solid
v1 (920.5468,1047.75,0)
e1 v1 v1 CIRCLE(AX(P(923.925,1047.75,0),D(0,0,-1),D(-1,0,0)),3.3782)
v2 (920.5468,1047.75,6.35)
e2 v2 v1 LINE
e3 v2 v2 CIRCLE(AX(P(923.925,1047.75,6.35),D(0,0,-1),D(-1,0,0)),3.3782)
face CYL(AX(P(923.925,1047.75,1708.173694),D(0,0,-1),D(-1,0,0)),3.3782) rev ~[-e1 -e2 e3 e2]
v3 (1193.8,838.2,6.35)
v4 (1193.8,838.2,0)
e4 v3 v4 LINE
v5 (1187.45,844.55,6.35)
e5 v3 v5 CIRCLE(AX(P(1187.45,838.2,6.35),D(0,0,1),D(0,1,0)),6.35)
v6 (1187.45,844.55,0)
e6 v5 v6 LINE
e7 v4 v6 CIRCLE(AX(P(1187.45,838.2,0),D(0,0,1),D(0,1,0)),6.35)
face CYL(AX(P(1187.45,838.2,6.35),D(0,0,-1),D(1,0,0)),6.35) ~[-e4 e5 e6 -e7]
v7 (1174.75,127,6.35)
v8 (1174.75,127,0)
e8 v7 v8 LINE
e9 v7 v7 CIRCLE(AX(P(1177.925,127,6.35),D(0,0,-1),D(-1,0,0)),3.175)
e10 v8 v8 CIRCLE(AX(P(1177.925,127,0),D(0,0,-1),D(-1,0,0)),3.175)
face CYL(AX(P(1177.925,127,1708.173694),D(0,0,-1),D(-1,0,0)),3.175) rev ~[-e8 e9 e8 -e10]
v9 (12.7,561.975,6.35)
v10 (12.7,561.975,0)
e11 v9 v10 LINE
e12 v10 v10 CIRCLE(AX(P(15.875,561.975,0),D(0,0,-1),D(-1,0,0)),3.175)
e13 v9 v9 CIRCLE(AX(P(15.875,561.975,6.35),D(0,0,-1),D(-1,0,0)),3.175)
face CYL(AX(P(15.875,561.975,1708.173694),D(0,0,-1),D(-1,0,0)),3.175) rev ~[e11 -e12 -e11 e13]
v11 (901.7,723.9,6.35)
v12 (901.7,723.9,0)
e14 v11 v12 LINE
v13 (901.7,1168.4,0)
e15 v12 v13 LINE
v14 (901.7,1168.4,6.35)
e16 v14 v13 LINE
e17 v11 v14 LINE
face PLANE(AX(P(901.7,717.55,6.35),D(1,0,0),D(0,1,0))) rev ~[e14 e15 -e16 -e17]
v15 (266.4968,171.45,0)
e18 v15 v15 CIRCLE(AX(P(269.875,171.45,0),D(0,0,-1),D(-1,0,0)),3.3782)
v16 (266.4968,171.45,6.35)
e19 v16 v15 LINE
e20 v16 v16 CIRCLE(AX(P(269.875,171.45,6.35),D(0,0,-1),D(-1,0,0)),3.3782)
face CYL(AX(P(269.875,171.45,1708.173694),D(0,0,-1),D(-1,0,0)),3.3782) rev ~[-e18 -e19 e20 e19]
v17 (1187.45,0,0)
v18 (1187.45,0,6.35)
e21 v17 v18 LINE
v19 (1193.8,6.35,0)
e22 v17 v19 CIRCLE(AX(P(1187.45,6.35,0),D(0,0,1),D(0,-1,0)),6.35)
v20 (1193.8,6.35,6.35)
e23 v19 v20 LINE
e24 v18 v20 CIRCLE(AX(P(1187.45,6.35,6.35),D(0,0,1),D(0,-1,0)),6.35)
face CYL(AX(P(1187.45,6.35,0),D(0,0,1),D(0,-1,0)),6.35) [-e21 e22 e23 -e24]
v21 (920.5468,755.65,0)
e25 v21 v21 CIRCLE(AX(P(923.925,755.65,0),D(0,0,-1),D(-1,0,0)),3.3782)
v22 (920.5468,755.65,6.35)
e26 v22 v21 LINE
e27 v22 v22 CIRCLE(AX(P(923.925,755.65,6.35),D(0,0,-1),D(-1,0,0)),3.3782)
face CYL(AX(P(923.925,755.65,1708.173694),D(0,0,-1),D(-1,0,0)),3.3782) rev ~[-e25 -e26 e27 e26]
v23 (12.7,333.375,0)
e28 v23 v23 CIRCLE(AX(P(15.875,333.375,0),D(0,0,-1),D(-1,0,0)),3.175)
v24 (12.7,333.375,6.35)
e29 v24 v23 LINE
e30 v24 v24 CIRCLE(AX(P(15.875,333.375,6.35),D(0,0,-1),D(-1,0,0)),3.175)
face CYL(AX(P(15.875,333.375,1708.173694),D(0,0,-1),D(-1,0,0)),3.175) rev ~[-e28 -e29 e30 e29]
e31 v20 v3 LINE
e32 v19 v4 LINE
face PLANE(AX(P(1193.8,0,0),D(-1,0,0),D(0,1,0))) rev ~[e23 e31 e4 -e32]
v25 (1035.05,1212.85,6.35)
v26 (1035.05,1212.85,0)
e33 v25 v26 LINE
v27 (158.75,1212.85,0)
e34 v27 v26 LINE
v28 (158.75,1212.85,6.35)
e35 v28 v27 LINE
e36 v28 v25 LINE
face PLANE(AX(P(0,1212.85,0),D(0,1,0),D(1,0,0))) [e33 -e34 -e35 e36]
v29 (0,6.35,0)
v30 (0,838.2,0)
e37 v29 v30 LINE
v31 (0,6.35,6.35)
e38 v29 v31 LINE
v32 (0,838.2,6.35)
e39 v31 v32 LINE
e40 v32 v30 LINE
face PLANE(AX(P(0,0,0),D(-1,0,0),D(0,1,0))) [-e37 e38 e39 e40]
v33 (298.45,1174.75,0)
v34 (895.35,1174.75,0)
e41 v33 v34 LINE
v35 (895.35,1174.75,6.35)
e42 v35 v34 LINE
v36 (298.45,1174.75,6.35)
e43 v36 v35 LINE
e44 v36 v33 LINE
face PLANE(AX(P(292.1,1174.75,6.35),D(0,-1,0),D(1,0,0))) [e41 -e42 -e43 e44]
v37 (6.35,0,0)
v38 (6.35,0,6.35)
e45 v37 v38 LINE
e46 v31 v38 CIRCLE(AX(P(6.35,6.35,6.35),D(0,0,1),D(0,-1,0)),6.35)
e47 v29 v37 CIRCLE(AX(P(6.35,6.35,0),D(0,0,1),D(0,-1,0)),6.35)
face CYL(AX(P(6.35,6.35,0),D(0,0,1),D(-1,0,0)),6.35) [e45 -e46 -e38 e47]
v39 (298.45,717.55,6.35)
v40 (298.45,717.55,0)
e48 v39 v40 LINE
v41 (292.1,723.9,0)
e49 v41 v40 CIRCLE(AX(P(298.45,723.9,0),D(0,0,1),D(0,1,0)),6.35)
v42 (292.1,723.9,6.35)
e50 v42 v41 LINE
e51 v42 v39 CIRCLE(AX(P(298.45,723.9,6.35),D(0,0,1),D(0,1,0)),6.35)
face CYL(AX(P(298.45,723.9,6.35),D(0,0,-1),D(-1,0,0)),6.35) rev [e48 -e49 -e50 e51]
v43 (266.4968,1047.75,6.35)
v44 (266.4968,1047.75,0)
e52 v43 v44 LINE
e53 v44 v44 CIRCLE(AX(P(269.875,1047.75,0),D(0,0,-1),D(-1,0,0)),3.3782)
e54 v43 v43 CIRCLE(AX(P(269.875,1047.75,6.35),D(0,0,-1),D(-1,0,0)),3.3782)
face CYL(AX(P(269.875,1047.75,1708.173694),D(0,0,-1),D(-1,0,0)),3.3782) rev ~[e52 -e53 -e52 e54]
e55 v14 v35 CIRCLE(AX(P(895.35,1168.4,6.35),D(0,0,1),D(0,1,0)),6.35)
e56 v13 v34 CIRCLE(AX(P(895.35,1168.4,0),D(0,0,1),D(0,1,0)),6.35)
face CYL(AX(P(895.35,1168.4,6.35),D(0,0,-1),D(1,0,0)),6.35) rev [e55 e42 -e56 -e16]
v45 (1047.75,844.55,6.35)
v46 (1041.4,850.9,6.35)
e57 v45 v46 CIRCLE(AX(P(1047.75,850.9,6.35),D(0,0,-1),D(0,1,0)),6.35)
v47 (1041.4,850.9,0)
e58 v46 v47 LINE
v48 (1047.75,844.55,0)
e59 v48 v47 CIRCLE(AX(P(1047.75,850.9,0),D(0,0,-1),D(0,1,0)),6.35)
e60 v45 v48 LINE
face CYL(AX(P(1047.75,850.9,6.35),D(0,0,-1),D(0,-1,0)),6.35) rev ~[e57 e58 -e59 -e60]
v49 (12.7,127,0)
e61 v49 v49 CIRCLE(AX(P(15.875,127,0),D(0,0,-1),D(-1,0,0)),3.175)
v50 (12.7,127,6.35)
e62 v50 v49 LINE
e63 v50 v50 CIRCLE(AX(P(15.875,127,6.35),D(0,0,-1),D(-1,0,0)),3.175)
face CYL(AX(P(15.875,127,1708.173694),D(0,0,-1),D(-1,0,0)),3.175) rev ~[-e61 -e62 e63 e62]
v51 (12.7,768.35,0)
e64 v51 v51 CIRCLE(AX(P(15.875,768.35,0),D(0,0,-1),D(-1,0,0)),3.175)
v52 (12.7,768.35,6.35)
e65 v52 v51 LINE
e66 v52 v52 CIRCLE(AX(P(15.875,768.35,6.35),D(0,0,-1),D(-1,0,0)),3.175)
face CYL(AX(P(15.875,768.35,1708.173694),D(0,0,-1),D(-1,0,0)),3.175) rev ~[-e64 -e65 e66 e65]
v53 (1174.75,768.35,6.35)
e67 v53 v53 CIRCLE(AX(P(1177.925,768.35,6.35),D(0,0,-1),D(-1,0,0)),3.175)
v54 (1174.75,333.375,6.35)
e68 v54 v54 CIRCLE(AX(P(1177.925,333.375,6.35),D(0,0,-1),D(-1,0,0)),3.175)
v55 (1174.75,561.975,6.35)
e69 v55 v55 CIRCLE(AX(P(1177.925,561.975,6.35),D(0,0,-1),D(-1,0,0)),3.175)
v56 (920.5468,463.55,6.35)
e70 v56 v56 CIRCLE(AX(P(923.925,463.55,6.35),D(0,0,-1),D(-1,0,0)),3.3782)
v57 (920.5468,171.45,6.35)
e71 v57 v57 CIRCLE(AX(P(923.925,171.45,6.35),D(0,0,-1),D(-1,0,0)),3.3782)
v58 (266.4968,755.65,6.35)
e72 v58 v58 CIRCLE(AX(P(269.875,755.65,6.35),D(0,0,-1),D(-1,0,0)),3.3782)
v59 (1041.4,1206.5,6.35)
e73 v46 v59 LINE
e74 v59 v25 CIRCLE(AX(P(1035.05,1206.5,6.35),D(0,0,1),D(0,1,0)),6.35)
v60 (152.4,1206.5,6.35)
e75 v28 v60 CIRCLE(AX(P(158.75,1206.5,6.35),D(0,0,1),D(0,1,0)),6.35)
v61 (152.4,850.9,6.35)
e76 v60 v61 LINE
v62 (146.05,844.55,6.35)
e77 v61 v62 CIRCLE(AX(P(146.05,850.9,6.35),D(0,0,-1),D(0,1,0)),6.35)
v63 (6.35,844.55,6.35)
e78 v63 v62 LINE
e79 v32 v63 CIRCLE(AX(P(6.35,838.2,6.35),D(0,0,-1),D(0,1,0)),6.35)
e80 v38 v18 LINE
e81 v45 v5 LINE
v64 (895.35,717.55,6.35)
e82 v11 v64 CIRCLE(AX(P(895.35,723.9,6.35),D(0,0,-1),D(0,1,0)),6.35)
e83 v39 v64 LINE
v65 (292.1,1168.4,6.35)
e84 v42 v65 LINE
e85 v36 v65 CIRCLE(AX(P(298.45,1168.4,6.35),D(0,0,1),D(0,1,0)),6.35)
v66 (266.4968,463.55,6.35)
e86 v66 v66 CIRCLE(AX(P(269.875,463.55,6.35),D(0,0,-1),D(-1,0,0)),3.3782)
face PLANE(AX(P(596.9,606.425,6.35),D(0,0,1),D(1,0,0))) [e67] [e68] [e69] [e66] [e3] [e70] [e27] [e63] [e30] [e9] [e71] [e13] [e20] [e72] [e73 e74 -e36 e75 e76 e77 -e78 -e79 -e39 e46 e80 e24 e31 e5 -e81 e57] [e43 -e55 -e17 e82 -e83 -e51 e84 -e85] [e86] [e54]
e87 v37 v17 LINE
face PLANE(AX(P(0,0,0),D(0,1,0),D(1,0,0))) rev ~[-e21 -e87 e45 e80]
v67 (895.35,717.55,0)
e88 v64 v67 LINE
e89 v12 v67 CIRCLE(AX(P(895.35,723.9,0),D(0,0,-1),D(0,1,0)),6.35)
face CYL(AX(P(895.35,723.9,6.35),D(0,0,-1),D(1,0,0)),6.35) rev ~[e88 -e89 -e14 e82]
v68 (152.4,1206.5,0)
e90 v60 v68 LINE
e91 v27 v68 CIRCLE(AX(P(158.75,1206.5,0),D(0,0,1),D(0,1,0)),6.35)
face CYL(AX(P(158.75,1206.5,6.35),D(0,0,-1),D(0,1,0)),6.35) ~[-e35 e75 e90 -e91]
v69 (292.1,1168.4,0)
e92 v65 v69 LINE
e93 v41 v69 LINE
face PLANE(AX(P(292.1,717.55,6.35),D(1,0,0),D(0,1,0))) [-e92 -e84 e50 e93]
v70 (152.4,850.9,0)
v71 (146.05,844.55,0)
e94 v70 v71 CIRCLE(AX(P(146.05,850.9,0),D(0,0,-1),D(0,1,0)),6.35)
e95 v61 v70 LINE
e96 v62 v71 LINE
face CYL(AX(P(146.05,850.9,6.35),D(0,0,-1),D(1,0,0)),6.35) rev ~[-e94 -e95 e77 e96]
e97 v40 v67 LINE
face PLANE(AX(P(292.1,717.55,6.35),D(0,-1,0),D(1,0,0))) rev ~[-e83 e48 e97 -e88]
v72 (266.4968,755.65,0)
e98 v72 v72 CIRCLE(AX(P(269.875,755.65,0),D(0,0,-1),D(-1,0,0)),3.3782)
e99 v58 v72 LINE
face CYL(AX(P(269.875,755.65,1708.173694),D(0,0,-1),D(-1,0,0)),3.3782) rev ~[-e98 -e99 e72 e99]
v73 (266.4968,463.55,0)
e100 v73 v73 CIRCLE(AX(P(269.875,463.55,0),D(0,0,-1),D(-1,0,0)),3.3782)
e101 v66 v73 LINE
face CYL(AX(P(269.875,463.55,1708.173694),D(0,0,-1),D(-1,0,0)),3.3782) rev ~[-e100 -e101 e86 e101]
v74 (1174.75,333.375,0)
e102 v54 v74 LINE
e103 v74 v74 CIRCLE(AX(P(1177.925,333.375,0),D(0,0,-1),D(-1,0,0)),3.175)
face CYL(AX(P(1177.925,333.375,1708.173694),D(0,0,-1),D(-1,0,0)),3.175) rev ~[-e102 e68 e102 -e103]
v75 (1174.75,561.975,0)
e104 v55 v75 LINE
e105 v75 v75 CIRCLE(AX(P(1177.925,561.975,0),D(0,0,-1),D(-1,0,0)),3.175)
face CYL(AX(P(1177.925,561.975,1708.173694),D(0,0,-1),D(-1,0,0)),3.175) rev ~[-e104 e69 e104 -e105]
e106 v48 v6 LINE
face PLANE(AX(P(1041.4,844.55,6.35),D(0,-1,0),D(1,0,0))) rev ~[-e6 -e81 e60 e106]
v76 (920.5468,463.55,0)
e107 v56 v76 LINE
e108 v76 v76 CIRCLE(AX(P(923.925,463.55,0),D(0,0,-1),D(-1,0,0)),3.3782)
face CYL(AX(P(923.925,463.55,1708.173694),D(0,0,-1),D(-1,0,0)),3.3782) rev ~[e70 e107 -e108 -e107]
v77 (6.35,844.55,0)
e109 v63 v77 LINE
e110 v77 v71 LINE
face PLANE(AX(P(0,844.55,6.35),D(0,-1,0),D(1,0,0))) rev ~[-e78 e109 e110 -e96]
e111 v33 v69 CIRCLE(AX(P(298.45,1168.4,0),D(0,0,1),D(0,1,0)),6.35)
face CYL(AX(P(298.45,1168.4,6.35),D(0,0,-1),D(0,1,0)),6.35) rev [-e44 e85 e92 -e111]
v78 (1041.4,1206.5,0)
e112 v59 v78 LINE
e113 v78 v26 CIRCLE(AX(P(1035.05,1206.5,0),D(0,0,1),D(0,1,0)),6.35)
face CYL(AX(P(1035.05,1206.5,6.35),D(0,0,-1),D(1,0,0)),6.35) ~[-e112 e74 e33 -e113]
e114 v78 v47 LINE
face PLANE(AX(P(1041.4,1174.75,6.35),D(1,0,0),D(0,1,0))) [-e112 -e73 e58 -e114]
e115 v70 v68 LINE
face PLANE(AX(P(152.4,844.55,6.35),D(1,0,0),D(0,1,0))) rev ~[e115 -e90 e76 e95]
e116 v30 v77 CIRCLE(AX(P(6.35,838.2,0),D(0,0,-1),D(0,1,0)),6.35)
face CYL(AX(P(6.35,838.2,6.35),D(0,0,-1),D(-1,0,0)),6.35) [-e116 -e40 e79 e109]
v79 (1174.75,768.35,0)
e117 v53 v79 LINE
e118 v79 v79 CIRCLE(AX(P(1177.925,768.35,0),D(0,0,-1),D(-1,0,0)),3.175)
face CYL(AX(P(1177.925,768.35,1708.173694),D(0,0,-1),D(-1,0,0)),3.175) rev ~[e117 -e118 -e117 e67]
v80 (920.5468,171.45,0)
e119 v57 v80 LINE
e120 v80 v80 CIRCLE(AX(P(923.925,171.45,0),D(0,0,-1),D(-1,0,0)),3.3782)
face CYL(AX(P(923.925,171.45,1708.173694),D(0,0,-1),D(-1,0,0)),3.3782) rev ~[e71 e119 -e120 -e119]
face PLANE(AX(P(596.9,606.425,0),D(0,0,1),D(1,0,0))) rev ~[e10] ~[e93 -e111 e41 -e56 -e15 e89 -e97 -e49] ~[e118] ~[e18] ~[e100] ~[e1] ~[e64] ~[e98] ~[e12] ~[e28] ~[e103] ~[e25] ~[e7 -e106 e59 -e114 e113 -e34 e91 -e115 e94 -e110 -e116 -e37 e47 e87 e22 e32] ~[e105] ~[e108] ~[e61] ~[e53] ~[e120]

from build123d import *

# Parameters (mm, degrees)
SKETCH1_W                   = 1193.8
SKETCH1_H                   = 1212.85
BOSS_EXTRUDE1_DEPTH         = 6.35
SKETCH2_W                   = 609.6
SKETCH2_H                   = 457.2
CUT_EXTRUDE1_DEPTH          = 1702.823693865
SKETCH3_W                   = 152.4
SKETCH3_H                   = 330.2
CUT_EXTRUDE2_DEPTH          = 1702.823693865
F_1_4_0_25_DIAMETER_HOLE1_D = 6.35
F_1_4_CLEARANCE_HOLE1_D     = 6.7564
SKETCH8_W                   = 152.4
SKETCH8_H                   = 38.1
CUT_EXTRUDE3_DEPTH          = 1702.823693865
FILLET1_R                   = 6.35


with BuildPart() as part:
    # Sketch1 → Boss-Extrude1 (new body)
    with BuildSketch(Plane.XY):
        with Locations((596.9, 606.425)):
            Rectangle(SKETCH1_W, SKETCH1_H)
    extrude(amount=BOSS_EXTRUDE1_DEPTH)

    # Sketch2 → Cut-Extrude1 (cut, through all)
    with BuildSketch(Plane.XY.offset(6.35)):
        with Locations((596.9, 946.15)):
            Rectangle(SKETCH2_W, SKETCH2_H)
    extrude(amount=-CUT_EXTRUDE1_DEPTH, mode=Mode.SUBTRACT)

    # Sketch3 → Cut-Extrude2 (cut, through all)
    with BuildSketch(Plane.XY.offset(6.35)):
        with Locations((76.2, 1009.65)):
            Rectangle(SKETCH3_W, SKETCH3_H)
        with Locations((1117.6, 1009.65)):
            Rectangle(SKETCH3_W, SKETCH3_H)
    extrude(amount=-CUT_EXTRUDE2_DEPTH, mode=Mode.SUBTRACT)

    # 1/4 (0.25) Diameter Hole1 (through all)
    with Locations(Plane.XY.offset(6.35)):
        with Locations((15.875, 127), (15.875, 333.375), (15.875, 561.975), (15.875, 768.35), (1177.925, 768.35), (1177.925, 561.975), (1177.925, 333.375), (1177.925, 127)):
            Hole(F_1_4_0_25_DIAMETER_HOLE1_D / 2)

    # 1/4 Clearance Hole1 (through all)
    with Locations(Plane.XY.offset(6.35)):
        with Locations((923.925, 1047.75), (269.875, 1047.75), (269.875, 755.65), (269.875, 463.55), (269.875, 171.45), (923.925, 171.45), (923.925, 463.55), (923.925, 755.65)):
            Hole(F_1_4_CLEARANCE_HOLE1_D / 2)

    # Sketch8 → Cut-Extrude3 (cut, through all)
    with BuildSketch(Plane.XY.offset(6.35)):
        with Locations((76.2, 1193.8)):
            Rectangle(SKETCH8_W, SKETCH8_H)
        with Locations((1117.6, 1193.8)):
            Rectangle(SKETCH8_W, SKETCH8_H)
    extrude(amount=-CUT_EXTRUDE3_DEPTH, mode=Mode.SUBTRACT)

    # Fillet1
    fillet1_edges = [part.edges().sort_by_distance(p)[0] for p in [
        (152.4, 1212.85, 3.175),
        (1041.4, 1212.85, 3.175),
        (292.1, 717.55, 3.175),
        (292.1, 1174.75, 3.175),
        (901.7, 1174.75, 3.175),
        (901.7, 717.55, 3.175),
        (0, 844.55, 3.175),
        (152.4, 844.55, 3.175),
        (1193.8, 844.55, 3.175),
        (1041.4, 844.55, 3.175),
        (1193.8, 0, 3.175),
        (0, 0, 3.175),
    ]]
    fillet(fillet1_edges, radius=FILLET1_R)


solid = part.part
